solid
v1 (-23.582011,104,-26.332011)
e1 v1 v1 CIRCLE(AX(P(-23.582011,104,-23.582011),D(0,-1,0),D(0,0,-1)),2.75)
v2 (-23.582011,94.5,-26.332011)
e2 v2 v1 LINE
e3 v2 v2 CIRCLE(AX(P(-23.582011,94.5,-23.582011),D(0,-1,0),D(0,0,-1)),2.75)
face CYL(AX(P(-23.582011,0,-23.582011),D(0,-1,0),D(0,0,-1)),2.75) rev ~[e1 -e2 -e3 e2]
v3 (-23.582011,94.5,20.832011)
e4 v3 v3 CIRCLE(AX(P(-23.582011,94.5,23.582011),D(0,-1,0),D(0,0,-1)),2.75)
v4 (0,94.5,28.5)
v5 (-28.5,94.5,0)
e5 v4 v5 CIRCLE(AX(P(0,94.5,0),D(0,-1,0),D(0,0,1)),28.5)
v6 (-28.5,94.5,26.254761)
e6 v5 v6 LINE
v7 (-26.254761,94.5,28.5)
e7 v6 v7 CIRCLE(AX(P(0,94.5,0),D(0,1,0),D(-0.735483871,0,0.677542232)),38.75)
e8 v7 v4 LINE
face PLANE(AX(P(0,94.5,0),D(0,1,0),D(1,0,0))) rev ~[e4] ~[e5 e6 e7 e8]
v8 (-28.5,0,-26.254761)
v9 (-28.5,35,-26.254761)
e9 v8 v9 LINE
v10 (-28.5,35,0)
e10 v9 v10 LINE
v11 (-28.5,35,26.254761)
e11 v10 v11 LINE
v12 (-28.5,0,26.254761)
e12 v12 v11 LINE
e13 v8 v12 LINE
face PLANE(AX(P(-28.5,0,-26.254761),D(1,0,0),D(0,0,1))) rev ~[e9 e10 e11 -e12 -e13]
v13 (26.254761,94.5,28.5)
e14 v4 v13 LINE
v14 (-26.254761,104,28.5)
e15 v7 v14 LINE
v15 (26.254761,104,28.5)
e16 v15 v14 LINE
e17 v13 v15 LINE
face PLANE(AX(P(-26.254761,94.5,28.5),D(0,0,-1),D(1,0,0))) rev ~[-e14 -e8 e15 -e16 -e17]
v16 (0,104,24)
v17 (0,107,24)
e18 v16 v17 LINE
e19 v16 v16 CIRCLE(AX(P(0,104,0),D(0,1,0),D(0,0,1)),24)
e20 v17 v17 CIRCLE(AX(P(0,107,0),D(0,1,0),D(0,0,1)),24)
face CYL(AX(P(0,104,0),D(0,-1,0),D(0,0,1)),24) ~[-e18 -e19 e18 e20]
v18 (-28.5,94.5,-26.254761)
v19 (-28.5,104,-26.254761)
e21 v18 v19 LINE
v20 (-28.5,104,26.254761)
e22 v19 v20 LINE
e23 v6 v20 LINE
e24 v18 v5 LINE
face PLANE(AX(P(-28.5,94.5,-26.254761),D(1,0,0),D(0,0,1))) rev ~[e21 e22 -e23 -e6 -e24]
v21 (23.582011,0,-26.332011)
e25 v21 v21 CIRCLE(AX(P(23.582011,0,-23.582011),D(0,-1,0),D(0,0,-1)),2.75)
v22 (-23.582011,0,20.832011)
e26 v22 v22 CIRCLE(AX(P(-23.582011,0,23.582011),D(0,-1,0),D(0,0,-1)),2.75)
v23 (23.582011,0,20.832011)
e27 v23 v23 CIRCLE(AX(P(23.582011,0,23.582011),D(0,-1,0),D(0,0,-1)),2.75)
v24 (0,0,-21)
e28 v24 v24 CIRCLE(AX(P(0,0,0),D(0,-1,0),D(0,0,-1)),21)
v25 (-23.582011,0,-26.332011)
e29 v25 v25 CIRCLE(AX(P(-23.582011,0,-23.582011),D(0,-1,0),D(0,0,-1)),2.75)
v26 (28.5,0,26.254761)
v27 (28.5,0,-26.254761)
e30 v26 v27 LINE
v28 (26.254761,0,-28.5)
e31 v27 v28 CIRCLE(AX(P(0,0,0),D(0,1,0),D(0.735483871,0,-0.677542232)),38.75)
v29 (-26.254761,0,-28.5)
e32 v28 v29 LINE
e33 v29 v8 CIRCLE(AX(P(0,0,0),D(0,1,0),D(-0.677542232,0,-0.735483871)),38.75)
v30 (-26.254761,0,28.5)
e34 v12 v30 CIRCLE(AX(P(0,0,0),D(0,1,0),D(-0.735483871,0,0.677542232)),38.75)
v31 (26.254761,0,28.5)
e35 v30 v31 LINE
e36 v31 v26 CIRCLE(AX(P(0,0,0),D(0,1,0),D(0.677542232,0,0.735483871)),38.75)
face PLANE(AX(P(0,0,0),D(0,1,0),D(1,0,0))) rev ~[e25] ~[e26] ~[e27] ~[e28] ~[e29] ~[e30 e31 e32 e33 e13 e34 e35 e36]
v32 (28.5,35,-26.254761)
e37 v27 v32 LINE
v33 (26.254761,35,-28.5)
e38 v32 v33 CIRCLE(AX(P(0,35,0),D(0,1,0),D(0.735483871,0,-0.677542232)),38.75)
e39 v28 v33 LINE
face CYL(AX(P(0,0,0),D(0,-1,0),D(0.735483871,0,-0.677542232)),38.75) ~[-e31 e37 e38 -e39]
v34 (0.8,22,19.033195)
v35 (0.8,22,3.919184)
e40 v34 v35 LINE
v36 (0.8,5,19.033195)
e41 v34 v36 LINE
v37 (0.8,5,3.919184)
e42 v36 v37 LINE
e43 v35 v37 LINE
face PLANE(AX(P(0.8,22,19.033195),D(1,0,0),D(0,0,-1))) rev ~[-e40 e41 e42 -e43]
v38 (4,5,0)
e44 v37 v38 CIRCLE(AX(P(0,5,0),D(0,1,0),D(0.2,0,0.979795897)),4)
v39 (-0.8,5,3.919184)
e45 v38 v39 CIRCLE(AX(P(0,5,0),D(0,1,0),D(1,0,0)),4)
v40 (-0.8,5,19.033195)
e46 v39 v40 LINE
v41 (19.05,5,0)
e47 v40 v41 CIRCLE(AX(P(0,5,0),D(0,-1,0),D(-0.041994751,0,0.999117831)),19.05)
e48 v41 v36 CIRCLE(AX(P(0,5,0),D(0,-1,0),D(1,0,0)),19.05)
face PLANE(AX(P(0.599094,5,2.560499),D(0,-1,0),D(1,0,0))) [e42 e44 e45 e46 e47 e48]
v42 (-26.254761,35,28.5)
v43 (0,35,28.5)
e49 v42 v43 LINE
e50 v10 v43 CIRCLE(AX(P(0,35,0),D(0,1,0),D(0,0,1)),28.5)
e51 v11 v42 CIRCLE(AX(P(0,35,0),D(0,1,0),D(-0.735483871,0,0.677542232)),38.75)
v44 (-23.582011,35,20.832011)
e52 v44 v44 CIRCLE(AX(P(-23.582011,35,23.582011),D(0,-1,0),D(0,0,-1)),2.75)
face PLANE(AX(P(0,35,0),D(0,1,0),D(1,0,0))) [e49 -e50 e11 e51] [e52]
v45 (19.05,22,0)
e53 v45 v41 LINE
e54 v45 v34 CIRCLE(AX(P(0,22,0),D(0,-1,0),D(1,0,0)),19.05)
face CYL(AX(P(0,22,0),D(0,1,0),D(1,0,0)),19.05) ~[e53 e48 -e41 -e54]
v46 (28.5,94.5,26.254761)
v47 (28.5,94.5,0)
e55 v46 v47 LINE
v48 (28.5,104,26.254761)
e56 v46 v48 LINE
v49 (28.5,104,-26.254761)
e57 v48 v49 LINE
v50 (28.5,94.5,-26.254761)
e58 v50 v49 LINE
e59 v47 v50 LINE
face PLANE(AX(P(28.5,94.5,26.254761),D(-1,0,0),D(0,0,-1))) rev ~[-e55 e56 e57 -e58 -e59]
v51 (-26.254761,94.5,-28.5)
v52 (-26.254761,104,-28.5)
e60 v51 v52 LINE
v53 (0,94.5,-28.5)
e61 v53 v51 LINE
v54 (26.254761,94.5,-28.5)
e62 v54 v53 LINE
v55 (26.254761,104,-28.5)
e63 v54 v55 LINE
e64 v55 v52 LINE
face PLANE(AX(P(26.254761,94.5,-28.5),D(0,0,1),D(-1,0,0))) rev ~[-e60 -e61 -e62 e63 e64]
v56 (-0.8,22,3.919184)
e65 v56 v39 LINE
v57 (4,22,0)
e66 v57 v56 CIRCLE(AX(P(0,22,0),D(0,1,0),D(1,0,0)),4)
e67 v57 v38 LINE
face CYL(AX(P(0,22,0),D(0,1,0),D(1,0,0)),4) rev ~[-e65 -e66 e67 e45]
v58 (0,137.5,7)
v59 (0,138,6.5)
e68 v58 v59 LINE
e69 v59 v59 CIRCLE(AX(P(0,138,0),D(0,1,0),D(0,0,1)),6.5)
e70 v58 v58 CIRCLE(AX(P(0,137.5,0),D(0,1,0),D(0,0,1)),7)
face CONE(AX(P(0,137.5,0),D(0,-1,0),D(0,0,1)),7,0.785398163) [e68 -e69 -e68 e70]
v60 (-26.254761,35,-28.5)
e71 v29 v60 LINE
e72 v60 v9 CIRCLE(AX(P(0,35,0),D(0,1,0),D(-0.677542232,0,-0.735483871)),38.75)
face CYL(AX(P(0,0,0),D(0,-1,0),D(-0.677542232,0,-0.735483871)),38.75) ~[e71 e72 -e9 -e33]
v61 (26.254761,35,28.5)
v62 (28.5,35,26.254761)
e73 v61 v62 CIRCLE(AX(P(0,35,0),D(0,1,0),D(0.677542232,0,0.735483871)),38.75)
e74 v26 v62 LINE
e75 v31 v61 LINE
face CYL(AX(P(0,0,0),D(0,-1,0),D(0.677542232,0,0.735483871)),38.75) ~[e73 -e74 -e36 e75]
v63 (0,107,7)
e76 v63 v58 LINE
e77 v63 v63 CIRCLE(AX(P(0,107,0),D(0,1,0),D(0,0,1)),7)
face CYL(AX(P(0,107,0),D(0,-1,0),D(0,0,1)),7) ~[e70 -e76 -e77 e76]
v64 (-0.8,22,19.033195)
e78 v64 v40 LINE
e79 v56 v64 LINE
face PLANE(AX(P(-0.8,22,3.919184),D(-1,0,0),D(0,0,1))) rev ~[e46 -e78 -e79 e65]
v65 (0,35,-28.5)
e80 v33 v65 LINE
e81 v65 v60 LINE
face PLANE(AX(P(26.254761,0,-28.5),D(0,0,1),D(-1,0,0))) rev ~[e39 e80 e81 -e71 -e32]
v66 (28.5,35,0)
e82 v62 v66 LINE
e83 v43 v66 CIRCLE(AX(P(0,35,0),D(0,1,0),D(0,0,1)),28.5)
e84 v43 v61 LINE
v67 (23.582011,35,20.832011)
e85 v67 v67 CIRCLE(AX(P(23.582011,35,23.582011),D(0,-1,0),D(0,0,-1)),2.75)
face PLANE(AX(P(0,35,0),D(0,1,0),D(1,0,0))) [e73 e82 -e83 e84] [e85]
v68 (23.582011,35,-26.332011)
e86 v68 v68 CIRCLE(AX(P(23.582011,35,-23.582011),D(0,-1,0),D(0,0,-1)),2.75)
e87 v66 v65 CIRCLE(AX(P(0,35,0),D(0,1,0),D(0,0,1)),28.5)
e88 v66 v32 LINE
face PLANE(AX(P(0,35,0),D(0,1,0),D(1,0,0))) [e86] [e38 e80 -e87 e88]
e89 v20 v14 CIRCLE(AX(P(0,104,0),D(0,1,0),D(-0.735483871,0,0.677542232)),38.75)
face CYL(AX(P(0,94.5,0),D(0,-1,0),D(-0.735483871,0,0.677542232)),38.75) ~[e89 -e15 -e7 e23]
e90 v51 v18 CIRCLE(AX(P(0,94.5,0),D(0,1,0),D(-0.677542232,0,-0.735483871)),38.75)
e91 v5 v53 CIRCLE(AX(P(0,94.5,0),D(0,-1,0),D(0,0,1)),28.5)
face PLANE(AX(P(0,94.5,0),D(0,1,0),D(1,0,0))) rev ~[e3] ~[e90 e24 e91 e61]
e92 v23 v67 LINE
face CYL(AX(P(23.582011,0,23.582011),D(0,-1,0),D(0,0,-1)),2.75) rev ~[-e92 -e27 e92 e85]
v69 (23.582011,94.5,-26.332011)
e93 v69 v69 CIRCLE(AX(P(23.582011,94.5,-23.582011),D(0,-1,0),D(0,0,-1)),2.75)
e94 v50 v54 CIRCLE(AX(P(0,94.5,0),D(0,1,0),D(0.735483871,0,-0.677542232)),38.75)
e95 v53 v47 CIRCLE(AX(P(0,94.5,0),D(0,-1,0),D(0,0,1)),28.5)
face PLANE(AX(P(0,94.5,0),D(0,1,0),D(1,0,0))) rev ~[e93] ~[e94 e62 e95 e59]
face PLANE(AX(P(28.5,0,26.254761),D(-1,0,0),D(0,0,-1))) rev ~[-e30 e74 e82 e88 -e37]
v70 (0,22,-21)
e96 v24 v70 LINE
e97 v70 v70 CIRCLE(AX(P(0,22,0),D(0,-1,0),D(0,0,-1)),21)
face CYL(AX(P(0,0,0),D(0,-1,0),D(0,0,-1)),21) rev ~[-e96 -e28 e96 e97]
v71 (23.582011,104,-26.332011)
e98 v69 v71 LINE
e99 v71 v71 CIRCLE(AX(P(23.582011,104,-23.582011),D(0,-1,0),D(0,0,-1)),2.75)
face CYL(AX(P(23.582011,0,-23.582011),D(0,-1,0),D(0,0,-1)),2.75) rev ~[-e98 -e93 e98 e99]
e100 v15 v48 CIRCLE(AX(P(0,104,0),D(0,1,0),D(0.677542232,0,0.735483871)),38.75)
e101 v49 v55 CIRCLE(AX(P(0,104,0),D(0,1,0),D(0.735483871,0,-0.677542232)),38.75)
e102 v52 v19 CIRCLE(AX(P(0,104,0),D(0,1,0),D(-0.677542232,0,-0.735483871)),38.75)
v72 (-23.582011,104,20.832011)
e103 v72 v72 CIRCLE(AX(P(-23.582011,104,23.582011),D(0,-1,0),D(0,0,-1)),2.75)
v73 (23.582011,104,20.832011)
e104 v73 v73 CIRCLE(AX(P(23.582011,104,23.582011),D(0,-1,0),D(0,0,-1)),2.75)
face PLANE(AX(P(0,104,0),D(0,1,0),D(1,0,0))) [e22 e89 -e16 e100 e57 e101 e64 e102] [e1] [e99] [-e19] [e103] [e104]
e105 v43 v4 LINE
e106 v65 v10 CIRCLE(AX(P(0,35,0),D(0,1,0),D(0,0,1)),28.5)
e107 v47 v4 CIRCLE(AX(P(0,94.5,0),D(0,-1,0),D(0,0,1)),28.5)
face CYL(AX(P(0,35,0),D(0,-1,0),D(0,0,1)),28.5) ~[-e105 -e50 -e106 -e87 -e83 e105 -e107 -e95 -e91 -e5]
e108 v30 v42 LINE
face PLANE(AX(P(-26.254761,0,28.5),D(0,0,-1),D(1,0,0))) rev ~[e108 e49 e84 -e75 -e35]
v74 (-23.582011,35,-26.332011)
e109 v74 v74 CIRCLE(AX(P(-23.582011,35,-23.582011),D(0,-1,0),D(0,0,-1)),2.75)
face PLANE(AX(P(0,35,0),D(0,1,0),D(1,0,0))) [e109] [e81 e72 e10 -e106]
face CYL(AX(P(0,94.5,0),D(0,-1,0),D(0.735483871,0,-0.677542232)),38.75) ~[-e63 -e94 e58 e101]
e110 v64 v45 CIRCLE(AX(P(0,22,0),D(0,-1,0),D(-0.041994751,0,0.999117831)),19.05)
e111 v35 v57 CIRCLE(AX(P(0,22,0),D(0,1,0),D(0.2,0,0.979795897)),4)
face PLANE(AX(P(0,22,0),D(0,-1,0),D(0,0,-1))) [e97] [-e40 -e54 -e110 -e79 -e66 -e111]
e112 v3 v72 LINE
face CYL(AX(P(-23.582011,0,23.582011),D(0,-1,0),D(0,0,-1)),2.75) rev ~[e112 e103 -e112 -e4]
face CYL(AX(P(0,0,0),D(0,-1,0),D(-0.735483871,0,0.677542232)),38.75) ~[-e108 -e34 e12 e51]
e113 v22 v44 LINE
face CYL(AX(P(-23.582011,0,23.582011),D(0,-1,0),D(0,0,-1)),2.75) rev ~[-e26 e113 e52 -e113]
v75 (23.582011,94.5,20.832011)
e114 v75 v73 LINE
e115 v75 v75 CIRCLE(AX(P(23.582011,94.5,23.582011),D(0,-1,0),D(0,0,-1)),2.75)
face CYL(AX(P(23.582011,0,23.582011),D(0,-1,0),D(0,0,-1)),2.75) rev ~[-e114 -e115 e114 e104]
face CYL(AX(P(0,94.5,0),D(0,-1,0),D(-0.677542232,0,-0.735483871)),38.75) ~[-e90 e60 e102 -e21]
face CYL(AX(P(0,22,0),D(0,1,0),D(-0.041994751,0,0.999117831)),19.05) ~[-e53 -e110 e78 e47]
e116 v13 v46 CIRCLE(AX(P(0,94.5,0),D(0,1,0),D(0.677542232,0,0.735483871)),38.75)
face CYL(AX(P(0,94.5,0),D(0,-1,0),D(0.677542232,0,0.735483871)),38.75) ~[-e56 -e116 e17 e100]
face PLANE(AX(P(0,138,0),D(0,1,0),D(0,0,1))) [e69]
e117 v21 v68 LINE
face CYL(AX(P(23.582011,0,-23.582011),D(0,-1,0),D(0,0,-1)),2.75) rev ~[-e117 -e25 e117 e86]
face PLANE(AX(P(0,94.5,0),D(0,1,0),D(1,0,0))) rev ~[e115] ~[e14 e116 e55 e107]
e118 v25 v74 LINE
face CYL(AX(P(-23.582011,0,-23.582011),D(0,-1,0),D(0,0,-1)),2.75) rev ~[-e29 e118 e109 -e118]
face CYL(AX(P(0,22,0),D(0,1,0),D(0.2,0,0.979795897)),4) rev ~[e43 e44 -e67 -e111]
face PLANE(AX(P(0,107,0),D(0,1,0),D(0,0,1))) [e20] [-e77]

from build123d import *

# Parameters (mm, degrees)
EXTRUDE_1_DEPTH     = 35
SKETCH_2_R          = 28.5
EXTRUDE_2_DEPTH     = 69
EXTRUDE_START       = -9.5
EXTRUDE_3_DEPTH     = 9.5
SKETCH_4_R          = 24
EXTRUDE_4_DEPTH     = 3
SKETCH_5_R          = 7
EXTRUDE_5_DEPTH     = 31
SKETCH_6_R          = 2.75
CUT_EXTRUDE_1_DEPTH = 297
SKETCH_7_R          = 21
CUT_EXTRUDE_2_DEPTH = 22
EXTRUDE_6_DEPTH     = 17
CHAMFER_1_SIZE      = 0.5


with BuildPart() as part:
    # 草图1 → 凸台-拉伸1 (new body)
    with BuildSketch(Plane(origin=(0, 0, 0), x_dir=(1, 0, 0), z_dir=(0, 1, 0))):
        with BuildLine():
            Line((26.254761473, 28.5), (-26.254761473, 28.5))
            ThreePointArc((-26.254761473, 28.5), (-27.400387771, 27.400387771), (-28.5, 26.254761473))
            Line((-28.5, 26.254761473), (-28.5, -26.254761473))
            ThreePointArc((-28.5, -26.254761473), (-27.400387771, -27.400387771), (-26.254761473, -28.5))
            Line((-26.254761473, -28.5), (26.254761473, -28.5))
            ThreePointArc((26.254761473, -28.5), (27.400387771, -27.400387771), (28.5, -26.254761473))
            Line((28.5, -26.254761473), (28.5, 26.254761473))
            ThreePointArc((28.5, 26.254761473), (27.400387771, 27.400387771), (26.254761473, 28.5))
        make_face()
    extrude(amount=EXTRUDE_1_DEPTH)

    # 草图2 → 凸台-拉伸2 (add)
    with BuildSketch(Plane(origin=(0, 35, 0), x_dir=(1, 0, 0), z_dir=(0, 1, 0))):
        with Locations(Location((0, 0, 0), (0, 0, 270))):
            Circle(SKETCH_2_R)
    extrude(amount=EXTRUDE_2_DEPTH)

    # 草图3 → 凸台-拉伸3 (add)
    with BuildSketch(Plane(origin=(0, 104, 0), x_dir=(1, 0, 0), z_dir=(0, 1, 0)).offset(EXTRUDE_START)):
        with BuildLine():
            Line((-26.254761473, -28.5), (26.254761473, -28.5))
            ThreePointArc((26.254761473, -28.5), (27.400387771, -27.400387771), (28.5, -26.254761473))
            Line((28.5, -26.254761473), (28.5, 26.254761473))
            ThreePointArc((28.5, 26.254761473), (27.400387771, 27.400387771), (26.254761473, 28.5))
            Line((26.254761473, 28.5), (-26.254761473, 28.5))
            ThreePointArc((-26.254761473, 28.5), (-27.400387771, 27.400387771), (-28.5, 26.254761473))
            Line((-28.5, 26.254761473), (-28.5, -26.254761473))
            ThreePointArc((-28.5, -26.254761473), (-27.400387771, -27.400387771), (-26.254761473, -28.5))
        make_face()
    extrude(amount=EXTRUDE_3_DEPTH)

    # 草图4 → 凸台-拉伸4 (add)
    with BuildSketch(Plane(origin=(0, 104, 0), x_dir=(1, 0, 0), z_dir=(0, 1, 0))):
        with Locations(Location((0, 0, 0), (0, 0, 270))):
            Circle(SKETCH_4_R)
    extrude(amount=EXTRUDE_4_DEPTH)

    # 草图5 → 凸台-拉伸5 (add)
    with BuildSketch(Plane(origin=(0, 107, 0), x_dir=(1, 0, 0), z_dir=(0, 1, 0))):
        with Locations(Location((0, 0, 0), (0, 0, 270))):
            Circle(SKETCH_5_R)
    extrude(amount=EXTRUDE_5_DEPTH)

    # 草图6 → 切除-拉伸1 (cut)
    with BuildSketch(Plane.XZ):
        with Locations(Location((-23.582011153, 23.582011153, 0), (0, 0, 270))):
            Circle(SKETCH_6_R)
        with Locations(Location((23.582011153, 23.582011153, 0), (0, 0, 270))):
            Circle(SKETCH_6_R)
        with Locations(Location((23.582011153, -23.582011153, 0), (0, 0, 270))):
            Circle(SKETCH_6_R)
        with Locations(Location((-23.582011153, -23.582011153, 0), (0, 0, 270))):
            Circle(SKETCH_6_R)
    extrude(amount=-CUT_EXTRUDE_1_DEPTH, mode=Mode.SUBTRACT)

    # 草图7 → 切除-拉伸2 (cut)
    with BuildSketch(Plane.XZ):
        with Locations(Location((0, 0, 0), (0, 0, 270))):
            Circle(SKETCH_7_R)
    extrude(amount=-CUT_EXTRUDE_2_DEPTH, mode=Mode.SUBTRACT)

    # 草图8 → 凸台-拉伸6 (add)
    with BuildSketch(Plane.XZ.offset(-22)):
        with BuildLine():
            Line((-0.8, 3.919183588), (-0.8, 19.033194687))
            ThreePointArc((-0.8, 19.033194687), (-13.184507954, -13.750318178), (19.05, 0))
            ThreePointArc((19.05, 0), (13.750318178, 13.184507954), (0.8, 19.033194687))
            Line((0.8, 19.033194687), (0.8, 3.919183588))
            ThreePointArc((0.8, 3.919183588), (3.098386677, 2.529822128), (4, 0))
            ThreePointArc((4, 0), (-2.529822128, -3.098386677), (-0.8, 3.919183588))
        make_face()
    extrude(amount=EXTRUDE_6_DEPTH)

    # 倒角1
    chamfer_1_edges = [part.edges().sort_by_distance(p)[0] for p in [
        (0, 138, -7),
    ]]
    chamfer(chamfer_1_edges, length=CHAMFER_1_SIZE)


solid = part.part
